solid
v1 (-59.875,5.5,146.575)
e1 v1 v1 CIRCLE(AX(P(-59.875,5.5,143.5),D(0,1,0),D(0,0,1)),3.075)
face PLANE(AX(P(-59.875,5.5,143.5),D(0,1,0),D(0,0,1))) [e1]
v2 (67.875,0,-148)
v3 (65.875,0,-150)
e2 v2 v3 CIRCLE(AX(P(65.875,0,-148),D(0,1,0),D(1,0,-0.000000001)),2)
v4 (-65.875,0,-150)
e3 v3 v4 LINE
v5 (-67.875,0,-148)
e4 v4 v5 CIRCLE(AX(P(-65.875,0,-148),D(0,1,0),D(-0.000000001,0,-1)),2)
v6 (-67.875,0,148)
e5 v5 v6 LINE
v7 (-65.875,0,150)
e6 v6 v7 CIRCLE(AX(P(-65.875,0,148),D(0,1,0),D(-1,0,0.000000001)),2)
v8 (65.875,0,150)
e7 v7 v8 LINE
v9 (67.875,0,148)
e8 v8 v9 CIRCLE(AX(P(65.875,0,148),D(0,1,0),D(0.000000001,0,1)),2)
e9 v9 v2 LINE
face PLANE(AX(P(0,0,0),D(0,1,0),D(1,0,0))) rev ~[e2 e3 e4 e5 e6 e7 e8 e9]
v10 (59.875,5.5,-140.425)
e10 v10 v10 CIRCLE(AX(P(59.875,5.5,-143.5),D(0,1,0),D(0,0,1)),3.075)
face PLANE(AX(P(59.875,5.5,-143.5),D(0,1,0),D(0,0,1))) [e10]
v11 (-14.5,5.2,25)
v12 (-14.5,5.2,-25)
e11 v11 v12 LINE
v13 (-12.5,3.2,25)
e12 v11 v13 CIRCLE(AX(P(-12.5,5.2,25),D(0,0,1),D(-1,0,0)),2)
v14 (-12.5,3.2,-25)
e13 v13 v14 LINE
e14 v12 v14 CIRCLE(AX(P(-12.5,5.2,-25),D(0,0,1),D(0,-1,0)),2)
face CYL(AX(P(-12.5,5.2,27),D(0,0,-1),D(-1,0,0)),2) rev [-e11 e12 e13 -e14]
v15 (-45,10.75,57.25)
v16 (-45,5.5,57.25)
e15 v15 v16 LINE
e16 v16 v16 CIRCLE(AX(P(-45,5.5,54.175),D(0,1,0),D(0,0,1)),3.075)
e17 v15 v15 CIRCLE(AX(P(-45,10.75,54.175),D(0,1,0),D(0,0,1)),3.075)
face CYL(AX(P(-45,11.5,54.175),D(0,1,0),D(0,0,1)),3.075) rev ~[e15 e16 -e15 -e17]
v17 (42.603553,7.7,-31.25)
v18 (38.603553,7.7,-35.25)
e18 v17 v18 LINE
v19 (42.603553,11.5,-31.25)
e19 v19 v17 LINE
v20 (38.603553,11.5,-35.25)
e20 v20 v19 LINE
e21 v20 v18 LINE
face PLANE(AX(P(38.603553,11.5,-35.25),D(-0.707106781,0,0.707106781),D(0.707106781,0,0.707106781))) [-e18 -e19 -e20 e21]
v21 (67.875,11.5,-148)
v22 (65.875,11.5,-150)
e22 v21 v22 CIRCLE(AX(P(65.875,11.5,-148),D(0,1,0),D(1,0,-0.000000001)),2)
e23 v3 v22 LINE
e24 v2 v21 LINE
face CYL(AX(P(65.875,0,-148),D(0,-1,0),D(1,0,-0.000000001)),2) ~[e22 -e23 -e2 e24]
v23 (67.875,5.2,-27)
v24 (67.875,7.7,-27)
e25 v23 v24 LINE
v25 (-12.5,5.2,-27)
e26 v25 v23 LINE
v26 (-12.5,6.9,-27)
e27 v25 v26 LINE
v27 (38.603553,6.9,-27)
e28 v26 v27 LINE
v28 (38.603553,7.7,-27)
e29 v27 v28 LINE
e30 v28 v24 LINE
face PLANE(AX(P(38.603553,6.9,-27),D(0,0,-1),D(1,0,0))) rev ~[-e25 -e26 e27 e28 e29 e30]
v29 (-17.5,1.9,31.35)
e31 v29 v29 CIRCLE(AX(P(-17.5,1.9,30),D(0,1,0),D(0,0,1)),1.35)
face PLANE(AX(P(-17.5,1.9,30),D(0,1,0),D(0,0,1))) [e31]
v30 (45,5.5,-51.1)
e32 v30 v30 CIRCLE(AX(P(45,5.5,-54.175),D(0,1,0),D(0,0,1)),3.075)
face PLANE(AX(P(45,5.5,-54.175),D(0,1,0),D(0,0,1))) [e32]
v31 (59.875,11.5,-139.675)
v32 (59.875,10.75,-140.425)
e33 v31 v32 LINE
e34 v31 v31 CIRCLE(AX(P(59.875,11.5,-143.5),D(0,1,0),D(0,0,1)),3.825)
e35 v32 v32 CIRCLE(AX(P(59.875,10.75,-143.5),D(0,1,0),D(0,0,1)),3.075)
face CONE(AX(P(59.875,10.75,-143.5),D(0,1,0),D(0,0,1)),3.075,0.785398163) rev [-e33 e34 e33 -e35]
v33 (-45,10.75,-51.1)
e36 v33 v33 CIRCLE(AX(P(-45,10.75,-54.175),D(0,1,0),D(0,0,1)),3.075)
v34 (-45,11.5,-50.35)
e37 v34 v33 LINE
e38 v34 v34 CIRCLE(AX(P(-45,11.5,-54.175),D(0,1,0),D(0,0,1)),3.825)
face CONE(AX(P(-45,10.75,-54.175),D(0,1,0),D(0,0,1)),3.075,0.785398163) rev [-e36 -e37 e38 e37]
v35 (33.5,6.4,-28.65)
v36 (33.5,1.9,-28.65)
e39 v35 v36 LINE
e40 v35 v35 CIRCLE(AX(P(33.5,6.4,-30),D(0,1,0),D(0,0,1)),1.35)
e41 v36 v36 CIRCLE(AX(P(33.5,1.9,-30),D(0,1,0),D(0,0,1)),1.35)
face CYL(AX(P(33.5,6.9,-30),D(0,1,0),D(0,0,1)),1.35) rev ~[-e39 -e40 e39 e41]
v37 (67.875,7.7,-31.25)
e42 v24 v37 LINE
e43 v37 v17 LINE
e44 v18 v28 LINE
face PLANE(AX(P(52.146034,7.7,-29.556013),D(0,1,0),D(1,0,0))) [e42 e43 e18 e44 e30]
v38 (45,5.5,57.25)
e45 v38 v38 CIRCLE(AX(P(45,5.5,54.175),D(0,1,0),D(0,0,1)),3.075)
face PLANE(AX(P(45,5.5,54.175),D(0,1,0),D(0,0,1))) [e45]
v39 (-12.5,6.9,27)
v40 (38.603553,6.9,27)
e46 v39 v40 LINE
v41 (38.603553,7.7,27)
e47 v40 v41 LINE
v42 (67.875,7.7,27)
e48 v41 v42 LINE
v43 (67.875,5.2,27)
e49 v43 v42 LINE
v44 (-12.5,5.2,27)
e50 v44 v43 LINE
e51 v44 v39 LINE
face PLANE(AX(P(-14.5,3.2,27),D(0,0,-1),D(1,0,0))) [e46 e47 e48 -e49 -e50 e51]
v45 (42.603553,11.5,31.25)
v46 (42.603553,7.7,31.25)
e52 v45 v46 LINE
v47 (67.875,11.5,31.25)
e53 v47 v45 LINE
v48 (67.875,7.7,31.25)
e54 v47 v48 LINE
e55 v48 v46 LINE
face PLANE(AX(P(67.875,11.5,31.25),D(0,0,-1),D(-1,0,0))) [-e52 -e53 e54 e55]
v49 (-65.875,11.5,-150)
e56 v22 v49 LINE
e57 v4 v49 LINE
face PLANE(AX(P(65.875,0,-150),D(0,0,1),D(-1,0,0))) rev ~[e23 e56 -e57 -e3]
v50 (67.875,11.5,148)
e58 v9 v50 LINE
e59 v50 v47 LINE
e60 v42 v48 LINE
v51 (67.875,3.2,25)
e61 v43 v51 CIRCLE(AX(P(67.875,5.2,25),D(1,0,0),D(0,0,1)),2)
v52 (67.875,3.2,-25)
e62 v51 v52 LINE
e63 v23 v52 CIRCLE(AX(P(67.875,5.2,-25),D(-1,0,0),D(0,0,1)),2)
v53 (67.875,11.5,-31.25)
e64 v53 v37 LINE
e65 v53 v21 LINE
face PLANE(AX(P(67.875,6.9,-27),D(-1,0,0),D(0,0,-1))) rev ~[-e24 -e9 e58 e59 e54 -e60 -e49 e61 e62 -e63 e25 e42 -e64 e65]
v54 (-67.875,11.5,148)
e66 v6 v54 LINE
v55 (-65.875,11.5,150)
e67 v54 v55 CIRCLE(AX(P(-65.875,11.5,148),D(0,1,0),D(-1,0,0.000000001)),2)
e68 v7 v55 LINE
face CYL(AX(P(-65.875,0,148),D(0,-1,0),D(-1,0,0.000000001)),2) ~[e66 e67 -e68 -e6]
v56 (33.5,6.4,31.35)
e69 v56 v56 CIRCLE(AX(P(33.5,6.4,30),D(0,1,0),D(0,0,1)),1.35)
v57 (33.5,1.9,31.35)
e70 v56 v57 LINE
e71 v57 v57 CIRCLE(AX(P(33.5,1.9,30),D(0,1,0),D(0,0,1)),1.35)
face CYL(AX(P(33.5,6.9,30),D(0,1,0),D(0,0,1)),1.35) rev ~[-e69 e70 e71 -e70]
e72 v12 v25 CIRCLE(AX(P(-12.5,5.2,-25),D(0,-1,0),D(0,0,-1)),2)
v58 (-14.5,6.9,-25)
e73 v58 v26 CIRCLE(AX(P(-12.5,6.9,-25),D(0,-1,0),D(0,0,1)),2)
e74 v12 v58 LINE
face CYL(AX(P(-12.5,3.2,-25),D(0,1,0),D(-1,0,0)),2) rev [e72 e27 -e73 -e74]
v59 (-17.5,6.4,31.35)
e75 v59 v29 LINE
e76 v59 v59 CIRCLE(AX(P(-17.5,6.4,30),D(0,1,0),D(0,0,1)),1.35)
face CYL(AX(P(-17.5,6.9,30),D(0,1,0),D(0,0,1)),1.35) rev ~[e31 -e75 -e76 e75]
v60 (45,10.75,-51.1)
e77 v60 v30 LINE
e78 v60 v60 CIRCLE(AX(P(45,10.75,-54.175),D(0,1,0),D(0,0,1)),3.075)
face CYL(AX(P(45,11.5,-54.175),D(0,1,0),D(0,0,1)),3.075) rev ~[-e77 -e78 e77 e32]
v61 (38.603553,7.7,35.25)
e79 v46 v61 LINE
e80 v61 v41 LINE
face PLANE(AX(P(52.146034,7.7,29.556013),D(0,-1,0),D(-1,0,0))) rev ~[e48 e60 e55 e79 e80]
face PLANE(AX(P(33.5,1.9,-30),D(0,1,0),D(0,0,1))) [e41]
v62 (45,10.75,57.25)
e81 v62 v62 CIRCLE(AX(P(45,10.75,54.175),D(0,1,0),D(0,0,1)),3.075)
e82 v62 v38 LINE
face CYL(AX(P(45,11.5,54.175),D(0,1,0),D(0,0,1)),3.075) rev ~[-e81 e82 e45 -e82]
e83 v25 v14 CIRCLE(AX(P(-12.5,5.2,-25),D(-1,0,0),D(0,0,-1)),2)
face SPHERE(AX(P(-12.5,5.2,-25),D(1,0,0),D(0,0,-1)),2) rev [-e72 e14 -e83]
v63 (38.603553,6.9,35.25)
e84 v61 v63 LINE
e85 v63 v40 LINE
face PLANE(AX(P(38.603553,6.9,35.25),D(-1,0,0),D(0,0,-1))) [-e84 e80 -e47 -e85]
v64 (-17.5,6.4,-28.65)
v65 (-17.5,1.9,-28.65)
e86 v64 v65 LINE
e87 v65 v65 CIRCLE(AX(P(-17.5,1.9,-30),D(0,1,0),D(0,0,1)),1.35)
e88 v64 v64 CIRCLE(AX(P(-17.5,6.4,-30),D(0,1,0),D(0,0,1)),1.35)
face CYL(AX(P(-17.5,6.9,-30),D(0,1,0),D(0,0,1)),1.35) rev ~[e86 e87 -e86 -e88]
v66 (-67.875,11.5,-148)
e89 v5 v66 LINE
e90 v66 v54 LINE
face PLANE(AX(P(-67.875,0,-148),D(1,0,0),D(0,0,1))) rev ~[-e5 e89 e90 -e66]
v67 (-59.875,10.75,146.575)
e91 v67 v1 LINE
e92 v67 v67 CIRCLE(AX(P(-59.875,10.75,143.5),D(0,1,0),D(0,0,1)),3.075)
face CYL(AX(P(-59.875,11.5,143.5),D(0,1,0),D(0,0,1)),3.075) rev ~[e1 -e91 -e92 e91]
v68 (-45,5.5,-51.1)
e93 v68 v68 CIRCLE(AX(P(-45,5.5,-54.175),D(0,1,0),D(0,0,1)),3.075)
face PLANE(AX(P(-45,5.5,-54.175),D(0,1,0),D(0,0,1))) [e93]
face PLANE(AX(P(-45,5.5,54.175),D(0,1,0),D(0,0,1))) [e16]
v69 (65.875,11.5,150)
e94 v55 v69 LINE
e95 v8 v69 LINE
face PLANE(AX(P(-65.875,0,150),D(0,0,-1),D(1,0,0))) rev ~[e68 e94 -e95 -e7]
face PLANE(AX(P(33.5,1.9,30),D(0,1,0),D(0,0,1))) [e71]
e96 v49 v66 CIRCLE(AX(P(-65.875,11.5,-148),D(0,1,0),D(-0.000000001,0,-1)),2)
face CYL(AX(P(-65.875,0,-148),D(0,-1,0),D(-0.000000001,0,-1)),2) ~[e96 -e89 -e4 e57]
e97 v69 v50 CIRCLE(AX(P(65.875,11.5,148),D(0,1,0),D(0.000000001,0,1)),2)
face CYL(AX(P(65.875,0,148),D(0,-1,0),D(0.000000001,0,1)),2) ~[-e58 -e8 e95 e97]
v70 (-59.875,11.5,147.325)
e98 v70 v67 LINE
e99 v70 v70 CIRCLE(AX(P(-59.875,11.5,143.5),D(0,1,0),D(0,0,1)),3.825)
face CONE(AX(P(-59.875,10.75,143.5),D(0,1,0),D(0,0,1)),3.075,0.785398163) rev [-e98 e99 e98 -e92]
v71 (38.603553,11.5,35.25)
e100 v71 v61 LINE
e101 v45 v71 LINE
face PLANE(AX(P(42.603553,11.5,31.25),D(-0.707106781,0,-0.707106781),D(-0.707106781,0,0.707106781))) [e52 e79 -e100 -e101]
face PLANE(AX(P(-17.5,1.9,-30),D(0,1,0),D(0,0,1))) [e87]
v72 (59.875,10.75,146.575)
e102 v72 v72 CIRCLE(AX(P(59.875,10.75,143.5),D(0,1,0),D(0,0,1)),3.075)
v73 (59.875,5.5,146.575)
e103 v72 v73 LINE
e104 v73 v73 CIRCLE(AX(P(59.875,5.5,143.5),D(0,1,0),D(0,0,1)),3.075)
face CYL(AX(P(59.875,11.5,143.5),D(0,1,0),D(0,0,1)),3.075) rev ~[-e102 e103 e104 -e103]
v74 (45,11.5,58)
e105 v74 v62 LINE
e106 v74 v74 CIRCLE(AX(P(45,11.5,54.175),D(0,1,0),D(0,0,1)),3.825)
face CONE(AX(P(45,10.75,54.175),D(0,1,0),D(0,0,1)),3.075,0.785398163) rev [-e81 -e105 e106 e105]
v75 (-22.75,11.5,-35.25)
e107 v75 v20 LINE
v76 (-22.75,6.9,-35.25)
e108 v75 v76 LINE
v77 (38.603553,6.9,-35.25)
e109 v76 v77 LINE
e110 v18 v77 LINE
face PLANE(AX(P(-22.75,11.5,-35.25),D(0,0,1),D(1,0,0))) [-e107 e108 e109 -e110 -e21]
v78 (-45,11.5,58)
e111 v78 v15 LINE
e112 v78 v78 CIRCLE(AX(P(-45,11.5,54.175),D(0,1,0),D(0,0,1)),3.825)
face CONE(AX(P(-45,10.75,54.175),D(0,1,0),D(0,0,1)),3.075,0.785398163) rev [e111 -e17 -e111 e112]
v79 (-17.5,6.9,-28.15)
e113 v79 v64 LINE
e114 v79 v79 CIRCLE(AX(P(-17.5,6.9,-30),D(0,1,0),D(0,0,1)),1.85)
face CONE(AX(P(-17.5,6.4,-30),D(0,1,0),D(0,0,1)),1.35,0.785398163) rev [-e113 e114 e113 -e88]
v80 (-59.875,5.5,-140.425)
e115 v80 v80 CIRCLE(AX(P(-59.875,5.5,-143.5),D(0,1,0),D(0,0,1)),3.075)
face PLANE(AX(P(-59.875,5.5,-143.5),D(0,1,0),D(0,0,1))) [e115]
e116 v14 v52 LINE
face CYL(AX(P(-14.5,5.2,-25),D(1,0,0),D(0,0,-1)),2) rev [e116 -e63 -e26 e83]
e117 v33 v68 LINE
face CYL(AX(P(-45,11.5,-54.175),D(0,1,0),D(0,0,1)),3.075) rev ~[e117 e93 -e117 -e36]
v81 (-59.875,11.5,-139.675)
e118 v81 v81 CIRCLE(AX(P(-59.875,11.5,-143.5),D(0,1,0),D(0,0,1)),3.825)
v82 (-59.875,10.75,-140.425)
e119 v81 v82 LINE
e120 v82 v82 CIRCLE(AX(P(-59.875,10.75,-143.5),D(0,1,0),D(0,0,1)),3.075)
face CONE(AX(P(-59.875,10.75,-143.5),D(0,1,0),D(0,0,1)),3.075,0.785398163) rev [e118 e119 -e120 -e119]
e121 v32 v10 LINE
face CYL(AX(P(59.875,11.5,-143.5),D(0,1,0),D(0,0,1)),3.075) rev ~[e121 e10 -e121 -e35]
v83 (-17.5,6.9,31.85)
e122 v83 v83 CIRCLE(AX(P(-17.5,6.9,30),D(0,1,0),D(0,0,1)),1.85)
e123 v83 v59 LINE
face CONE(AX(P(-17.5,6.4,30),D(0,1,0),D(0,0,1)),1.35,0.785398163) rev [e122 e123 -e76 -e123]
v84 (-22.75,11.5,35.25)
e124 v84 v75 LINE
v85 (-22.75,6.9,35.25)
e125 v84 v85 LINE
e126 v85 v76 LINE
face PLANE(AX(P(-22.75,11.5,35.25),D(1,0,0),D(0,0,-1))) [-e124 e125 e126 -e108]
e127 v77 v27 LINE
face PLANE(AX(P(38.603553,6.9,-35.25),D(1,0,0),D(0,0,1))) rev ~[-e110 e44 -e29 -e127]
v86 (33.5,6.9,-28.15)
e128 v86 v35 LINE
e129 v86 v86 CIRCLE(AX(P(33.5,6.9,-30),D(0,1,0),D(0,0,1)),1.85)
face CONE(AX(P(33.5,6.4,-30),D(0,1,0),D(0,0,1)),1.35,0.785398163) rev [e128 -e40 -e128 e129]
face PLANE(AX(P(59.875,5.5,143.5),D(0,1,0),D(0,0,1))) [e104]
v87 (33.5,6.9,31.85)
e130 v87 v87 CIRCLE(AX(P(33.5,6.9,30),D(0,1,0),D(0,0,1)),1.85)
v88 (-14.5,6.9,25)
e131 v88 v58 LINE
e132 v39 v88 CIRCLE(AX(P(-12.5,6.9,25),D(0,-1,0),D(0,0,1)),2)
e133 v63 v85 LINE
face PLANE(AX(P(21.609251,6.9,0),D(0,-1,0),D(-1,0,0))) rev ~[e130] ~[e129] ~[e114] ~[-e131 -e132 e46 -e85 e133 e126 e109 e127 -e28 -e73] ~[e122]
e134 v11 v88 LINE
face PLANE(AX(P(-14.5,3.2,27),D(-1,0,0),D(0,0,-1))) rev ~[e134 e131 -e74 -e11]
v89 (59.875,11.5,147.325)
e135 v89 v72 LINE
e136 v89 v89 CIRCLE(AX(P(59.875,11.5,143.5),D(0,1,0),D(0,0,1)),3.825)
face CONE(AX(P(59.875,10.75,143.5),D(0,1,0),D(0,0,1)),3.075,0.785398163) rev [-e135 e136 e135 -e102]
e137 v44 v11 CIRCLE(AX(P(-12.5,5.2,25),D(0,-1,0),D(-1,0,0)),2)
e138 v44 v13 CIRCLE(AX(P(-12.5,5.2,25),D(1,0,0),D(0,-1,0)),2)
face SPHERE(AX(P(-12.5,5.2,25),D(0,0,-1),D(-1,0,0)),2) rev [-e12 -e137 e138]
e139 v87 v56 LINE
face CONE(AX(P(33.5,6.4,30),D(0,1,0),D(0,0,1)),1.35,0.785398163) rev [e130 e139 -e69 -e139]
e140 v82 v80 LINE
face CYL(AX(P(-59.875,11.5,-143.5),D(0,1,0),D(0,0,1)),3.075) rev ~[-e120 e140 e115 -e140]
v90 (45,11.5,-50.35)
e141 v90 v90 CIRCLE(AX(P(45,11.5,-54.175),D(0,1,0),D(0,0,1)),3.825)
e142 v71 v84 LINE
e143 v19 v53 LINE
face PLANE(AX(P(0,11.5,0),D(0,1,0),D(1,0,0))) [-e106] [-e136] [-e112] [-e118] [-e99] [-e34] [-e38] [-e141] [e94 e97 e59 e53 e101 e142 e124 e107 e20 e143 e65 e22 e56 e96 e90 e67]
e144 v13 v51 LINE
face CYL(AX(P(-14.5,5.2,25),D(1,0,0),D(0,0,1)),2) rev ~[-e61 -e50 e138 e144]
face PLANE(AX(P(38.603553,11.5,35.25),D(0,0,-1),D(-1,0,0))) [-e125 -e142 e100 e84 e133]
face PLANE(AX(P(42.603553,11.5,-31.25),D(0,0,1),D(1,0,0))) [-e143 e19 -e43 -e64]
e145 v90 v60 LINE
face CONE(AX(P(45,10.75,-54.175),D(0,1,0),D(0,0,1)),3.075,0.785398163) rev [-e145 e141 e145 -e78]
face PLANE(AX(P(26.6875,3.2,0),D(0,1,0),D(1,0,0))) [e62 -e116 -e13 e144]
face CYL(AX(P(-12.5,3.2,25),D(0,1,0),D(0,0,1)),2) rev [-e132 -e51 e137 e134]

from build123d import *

# Parameters (mm, degrees)
BOSS_EXTRUDE1_DEPTH     = 11.5
SKETCH4_R               = 3.075
CUT_EXTRUDE1_DEPTH      = 6
CUT_EXTRUDE6_DEPTH      = 4.6
CUT_EXTRUDE3_DEPTH      = 165.786606328
CUT_EXTRUDE3_DEPTH_BACK = 3.7
SKETCH24_W              = 82.375
SKETCH24_H              = 54
SKETCH25_R              = 1.35
CUT_EXTRUDE4_DEPTH      = 5
CHAMFER4_SIZE           = 0.5
FILLET1_R               = 2
BOSS_EXTRUDE2_DEPTH     = 0.8
CHAMFER5_SIZE           = 0.75


with BuildPart() as part:
    # Sketch1 → Boss-Extrude1 (new body)
    with BuildSketch(Plane(origin=(0, 0, 0), x_dir=(1, 0, 0), z_dir=(0, 1, 0))):
        with BuildLine():
            Line((-67.875, 135), (-67.875, -135))
            Line((-67.875, -135), (-67.875, -148))
            ThreePointArc((-67.875, -148), (-67.289213562, -149.414213562), (-65.875, -150))
            Line((-65.875, -150), (65.875, -150))
            ThreePointArc((65.875, -150), (67.289213562, -149.414213562), (67.875, -148))
            Line((67.875, -148), (67.875, -135))
            Line((67.875, -135), (67.875, 135))
            Line((67.875, 135), (67.875, 148))
            ThreePointArc((67.875, 148), (67.289213562, 149.414213562), (65.875, 150))
            Line((65.875, 150), (-65.875, 150))
            ThreePointArc((-65.875, 150), (-67.289213562, 149.414213562), (-67.875, 148))
            Line((-67.875, 148), (-67.875, 135))
        make_face()
    extrude(amount=BOSS_EXTRUDE1_DEPTH)

    # Sketch4 → Cut-Extrude1 (cut)
    with BuildSketch(Plane(origin=(0, 11.5, 0), x_dir=(1, 0, 0), z_dir=(0, 1, 0))):
        with Locations(Location((-59.875, -143.5, 0), (0, 0, 270))):
            Circle(SKETCH4_R)
        with Locations(Location((59.875, -143.5, 0), (0, 0, 270))):
            Circle(SKETCH4_R)
        with Locations(Location((59.875, 143.5, 0), (0, 0, 270))):
            Circle(SKETCH4_R)
        with Locations(Location((-59.875, 143.5, 0), (0, 0, 270))):
            Circle(SKETCH4_R)
        with Locations(Location((45, -54.175, 0), (0, 0, 270))):
            Circle(SKETCH4_R)
        with Locations(Location((-45, -54.175, 0), (0, 0, 270))):
            Circle(SKETCH4_R)
        with Locations(Location((45, 54.175, 0), (0, 0, 270))):
            Circle(SKETCH4_R)
        with Locations(Location((-45, 54.175, 0), (0, 0, 270))):
            Circle(SKETCH4_R)
    extrude(amount=-CUT_EXTRUDE1_DEPTH, mode=Mode.SUBTRACT)

    # Sketch21 → Cut-Extrude6 (cut)
    with BuildSketch(Plane(origin=(0, 11.5, 0), x_dir=(1, 0, 0), z_dir=(0, 1, 0))):
        Polygon((67.875, 31), (67.875, -31), (67.875, -31.25), (42.603553391, -31.25), (38.603553391, -35.25), (-22.75, -35.25), (-22.75, 35.25), (38.603553391, 35.25), (42.603553391, 31.25), (67.875, 31.25), align=None)
    extrude(amount=-CUT_EXTRUDE6_DEPTH, mode=Mode.SUBTRACT)

    # Sketch24 → Cut-Extrude3 (cut, two sides: drawn at the far end of the back side and taken through both)
    with BuildSketch(Plane(origin=(0, 6.9, 0), x_dir=(1, 0, 0), z_dir=(0, 1, 0)).offset(-CUT_EXTRUDE3_DEPTH_BACK)):
        with Locations((26.6875, 0)):
            Rectangle(SKETCH24_W, SKETCH24_H)
    extrude(amount=CUT_EXTRUDE3_DEPTH + CUT_EXTRUDE3_DEPTH_BACK, mode=Mode.SUBTRACT)

    # Sketch25 → Cut-Extrude4 (cut)
    with BuildSketch(Plane(origin=(0, 6.9, 0), x_dir=(1, 0, 0), z_dir=(0, 1, 0))):
        with Locations(Location((33.5, 30, 0), (0, 0, 270))):
            Circle(SKETCH25_R)
        with Locations(Location((-17.5, 30, 0), (0, 0, 270))):
            Circle(SKETCH25_R)
        with Locations(Location((33.5, -30, 0), (0, 0, 270))):
            Circle(SKETCH25_R)
        with Locations(Location((-17.5, -30, 0), (0, 0, 270))):
            Circle(SKETCH25_R)
    extrude(amount=-CUT_EXTRUDE4_DEPTH, mode=Mode.SUBTRACT)

    # Chamfer4
    chamfer4_edges = [part.edges().sort_by_distance(p)[0] for p in [
        (-17.5, 6.9, -31.35),
        (33.5, 6.9, 28.65),
        (-17.5, 6.9, 28.65),
        (33.5, 6.9, -31.35),
    ]]
    chamfer(chamfer4_edges, length=CHAMFER4_SIZE)

    # Fillet1
    fillet1_edges = [part.edges().sort_by_distance(p)[0] for p in [
        (26.6875, 3.2, -27),
        (-14.5, 5.05, -27),
        (-14.5, 3.2, 0),
        (-14.5, 5.05, 27),
        (26.6875, 3.2, 27),
    ]]
    fillet(fillet1_edges, radius=FILLET1_R)

    # Sketch26 → Boss-Extrude2 (add)
    with BuildSketch(Plane(origin=(0, 6.9, 0), x_dir=(1, 0, 0), z_dir=(0, 1, 0))):
        Polygon((38.603553391, 35.25), (38.603553391, 27), (67.875, 27), (67.875, 31.25), (42.603553391, 31.25), align=None)
        Polygon((42.603553391, -31.25), (38.603553391, -35.25), (38.603553391, -27), (67.875, -27), (67.875, -31.25), align=None)
    extrude(amount=BOSS_EXTRUDE2_DEPTH)

    # Chamfer5
    chamfer5_edges = [part.edges().sort_by_distance(p)[0] for p in [
        (59.875, 11.5, 140.425),
        (59.875, 11.5, -146.575),
        (45, 11.5, 51.1),
        (-45, 11.5, 51.1),
        (-45, 11.5, -57.25),
        (45, 11.5, -57.25),
        (-59.875, 11.5, -146.575),
        (-59.875, 11.5, 140.425),
    ]]
    chamfer(chamfer5_edges, length=CHAMFER5_SIZE)


solid = part.part
